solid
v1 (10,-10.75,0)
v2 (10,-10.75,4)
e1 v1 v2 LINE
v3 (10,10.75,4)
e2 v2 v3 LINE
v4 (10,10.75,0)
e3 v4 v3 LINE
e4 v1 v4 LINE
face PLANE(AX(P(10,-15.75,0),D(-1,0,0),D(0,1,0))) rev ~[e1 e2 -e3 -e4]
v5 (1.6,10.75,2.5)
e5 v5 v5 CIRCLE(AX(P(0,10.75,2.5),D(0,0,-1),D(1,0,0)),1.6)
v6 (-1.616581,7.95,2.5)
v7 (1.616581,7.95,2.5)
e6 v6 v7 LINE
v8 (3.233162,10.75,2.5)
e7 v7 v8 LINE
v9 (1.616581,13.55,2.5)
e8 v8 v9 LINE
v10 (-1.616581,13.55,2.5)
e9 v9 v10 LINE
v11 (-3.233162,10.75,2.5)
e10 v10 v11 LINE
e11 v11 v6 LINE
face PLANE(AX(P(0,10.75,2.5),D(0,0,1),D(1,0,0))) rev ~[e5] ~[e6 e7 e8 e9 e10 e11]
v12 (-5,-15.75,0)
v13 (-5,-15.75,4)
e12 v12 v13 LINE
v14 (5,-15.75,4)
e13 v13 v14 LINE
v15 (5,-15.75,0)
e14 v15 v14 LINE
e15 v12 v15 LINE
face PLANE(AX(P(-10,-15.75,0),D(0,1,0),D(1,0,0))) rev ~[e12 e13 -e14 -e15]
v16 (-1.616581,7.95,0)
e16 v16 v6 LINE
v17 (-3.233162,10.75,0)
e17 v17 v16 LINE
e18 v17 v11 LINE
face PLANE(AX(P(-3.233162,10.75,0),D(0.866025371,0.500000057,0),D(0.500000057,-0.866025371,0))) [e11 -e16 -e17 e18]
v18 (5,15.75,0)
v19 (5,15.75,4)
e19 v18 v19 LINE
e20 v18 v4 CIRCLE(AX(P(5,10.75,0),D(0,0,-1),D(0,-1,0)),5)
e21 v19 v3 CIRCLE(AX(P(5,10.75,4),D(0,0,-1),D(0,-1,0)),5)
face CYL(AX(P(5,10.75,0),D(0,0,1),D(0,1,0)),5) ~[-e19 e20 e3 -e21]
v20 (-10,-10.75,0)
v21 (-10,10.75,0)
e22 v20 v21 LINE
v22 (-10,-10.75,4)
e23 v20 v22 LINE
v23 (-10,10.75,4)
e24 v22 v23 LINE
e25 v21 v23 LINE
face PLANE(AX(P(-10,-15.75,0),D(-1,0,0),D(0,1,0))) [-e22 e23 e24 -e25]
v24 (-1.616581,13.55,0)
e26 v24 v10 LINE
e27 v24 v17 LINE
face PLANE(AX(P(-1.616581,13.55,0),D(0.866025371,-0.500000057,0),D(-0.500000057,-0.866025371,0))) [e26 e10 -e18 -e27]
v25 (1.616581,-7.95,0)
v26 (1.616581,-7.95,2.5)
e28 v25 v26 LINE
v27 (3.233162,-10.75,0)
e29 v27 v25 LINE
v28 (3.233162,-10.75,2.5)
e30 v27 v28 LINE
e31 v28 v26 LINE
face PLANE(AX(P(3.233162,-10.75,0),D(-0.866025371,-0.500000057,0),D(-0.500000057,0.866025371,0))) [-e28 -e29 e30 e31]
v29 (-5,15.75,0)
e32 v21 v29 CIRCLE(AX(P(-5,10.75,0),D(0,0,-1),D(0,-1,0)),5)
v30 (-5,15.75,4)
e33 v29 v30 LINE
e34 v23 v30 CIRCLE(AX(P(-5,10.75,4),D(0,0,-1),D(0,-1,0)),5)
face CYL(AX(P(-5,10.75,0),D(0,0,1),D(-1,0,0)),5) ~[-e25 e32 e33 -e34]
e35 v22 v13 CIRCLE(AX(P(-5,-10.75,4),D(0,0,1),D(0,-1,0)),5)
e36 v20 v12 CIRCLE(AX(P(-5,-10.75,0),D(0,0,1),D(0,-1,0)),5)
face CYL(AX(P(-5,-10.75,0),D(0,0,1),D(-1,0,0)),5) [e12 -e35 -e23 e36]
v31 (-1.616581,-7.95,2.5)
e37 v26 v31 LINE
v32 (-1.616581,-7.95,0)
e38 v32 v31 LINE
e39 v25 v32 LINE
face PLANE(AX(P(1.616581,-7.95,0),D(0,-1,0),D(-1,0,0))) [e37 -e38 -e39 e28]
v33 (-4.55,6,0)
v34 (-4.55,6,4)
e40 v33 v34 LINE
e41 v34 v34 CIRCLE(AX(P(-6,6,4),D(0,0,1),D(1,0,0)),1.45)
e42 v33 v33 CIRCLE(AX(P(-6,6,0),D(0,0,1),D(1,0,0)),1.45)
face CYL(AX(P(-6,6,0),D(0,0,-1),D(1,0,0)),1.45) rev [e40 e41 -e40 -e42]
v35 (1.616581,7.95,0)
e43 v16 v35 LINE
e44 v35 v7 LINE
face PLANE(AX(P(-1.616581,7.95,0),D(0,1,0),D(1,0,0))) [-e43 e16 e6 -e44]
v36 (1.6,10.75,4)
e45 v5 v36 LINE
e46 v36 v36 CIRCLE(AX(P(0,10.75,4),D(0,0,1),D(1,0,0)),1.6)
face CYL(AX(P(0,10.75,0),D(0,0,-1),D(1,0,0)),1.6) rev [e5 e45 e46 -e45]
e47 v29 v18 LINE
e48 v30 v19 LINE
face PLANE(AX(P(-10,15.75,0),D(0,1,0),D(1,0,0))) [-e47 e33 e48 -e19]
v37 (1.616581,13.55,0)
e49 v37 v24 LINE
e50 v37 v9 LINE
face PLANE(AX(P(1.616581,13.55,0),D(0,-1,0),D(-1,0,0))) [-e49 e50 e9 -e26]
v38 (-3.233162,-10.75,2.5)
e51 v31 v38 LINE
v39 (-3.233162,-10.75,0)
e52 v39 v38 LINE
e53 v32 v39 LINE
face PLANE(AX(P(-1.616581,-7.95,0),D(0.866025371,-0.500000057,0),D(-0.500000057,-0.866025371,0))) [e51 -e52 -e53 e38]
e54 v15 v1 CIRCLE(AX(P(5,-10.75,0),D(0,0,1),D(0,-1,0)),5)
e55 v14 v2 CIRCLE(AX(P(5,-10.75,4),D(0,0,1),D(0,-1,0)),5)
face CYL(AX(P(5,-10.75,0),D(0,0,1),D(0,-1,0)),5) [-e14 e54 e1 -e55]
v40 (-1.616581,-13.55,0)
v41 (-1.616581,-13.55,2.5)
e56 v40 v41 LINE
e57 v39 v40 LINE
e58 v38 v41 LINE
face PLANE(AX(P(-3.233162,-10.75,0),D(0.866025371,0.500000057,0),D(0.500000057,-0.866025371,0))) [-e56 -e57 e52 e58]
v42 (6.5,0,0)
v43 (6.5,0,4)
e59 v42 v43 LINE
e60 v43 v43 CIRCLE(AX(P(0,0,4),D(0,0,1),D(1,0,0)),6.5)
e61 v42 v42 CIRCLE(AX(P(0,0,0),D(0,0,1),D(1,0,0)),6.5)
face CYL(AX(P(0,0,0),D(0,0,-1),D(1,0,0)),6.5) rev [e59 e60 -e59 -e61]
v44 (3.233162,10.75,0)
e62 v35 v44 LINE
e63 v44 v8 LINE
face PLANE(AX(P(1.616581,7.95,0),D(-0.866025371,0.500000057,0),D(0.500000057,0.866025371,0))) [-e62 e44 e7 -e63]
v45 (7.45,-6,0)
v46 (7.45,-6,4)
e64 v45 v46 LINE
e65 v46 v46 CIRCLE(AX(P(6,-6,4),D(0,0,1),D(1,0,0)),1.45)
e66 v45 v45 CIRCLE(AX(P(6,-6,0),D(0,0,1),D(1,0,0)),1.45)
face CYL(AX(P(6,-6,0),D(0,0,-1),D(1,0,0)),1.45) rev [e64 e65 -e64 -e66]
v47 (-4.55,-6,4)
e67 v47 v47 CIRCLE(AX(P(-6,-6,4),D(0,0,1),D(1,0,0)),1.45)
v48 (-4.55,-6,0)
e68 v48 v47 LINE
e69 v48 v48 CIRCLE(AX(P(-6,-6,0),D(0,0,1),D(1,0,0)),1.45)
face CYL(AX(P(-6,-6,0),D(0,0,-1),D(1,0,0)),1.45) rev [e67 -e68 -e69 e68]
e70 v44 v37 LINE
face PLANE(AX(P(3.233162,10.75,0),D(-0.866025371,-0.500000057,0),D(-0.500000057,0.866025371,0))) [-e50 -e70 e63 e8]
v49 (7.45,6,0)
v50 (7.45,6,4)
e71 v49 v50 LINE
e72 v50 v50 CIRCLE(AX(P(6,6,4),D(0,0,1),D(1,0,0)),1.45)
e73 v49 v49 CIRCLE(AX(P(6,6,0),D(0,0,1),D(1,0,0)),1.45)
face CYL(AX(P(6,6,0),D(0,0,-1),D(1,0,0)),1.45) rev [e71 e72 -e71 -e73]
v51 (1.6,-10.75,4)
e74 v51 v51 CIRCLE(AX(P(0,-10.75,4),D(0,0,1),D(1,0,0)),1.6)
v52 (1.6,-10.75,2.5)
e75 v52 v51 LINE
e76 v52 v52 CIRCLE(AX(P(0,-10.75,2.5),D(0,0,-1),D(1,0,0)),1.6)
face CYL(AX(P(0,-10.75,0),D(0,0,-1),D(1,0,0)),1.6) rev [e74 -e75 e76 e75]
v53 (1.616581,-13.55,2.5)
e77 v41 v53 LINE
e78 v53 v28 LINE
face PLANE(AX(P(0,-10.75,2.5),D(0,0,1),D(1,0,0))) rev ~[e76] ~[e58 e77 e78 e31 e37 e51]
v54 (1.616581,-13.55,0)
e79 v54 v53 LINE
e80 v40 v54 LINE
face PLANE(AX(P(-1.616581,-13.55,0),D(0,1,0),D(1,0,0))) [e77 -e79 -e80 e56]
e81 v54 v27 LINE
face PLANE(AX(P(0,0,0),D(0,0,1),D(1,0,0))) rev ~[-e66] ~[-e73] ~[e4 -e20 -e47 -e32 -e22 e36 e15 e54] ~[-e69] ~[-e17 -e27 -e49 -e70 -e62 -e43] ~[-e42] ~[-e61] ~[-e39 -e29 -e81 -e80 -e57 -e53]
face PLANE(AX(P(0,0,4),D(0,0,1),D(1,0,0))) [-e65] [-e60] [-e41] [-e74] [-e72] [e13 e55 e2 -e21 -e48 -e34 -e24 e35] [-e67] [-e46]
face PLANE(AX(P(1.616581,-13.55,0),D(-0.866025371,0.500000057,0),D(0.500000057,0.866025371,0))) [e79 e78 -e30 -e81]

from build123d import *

# Parameters (mm, degrees)
SKETCH_W     = 20
SKETCH_H     = 31.5
SKETCH_R     = 1.6
SKETCH_R_2   = 6.5
SKETCH_R_3   = 1.45
PAD_DEPTH    = 4
POCKET_DEPTH = 2.5
FILLET_R     = 5


with BuildPart() as part:
    # Sketch → Pad (new body)
    with BuildSketch(Plane.XY):
        Rectangle(SKETCH_W, SKETCH_H)
        with Locations((0, 10.75)):
            Circle(SKETCH_R, mode=Mode.SUBTRACT)
        with Locations((0, -10.75)):
            Circle(SKETCH_R, mode=Mode.SUBTRACT)
        Circle(SKETCH_R_2, mode=Mode.SUBTRACT)
        with Locations((6, 6)):
            Circle(SKETCH_R_3, mode=Mode.SUBTRACT)
        with Locations((6, -6)):
            Circle(SKETCH_R_3, mode=Mode.SUBTRACT)
        with Locations((-6, -6)):
            Circle(SKETCH_R_3, mode=Mode.SUBTRACT)
        with Locations((-6, 6)):
            Circle(SKETCH_R_3, mode=Mode.SUBTRACT)
    extrude(amount=PAD_DEPTH)

    # Sketch001 → Pocket (cut)
    with BuildSketch(Plane.XY):
        Polygon((-1.616581, 7.95), (1.616581, 7.95), (3.233162, 10.75), (1.616581, 13.55), (-1.616581, 13.55), (-3.233162, 10.75), align=None)
        Polygon((-1.616581, -7.95), (-3.233162, -10.75), (-1.616581, -13.55), (1.616581, -13.55), (3.233162, -10.75), (1.616581, -7.95), align=None)
    extrude(amount=POCKET_DEPTH, mode=Mode.SUBTRACT)

    # Fillet
    fillet_edges = [part.edges().sort_by_distance(p)[0] for p in [
        (10, -15.75, 2),
        (10, 15.75, 2),
        (-10, 15.75, 2),
        (-10, -15.75, 2),
    ]]
    fillet(fillet_edges, radius=FILLET_R)


solid = part.part
